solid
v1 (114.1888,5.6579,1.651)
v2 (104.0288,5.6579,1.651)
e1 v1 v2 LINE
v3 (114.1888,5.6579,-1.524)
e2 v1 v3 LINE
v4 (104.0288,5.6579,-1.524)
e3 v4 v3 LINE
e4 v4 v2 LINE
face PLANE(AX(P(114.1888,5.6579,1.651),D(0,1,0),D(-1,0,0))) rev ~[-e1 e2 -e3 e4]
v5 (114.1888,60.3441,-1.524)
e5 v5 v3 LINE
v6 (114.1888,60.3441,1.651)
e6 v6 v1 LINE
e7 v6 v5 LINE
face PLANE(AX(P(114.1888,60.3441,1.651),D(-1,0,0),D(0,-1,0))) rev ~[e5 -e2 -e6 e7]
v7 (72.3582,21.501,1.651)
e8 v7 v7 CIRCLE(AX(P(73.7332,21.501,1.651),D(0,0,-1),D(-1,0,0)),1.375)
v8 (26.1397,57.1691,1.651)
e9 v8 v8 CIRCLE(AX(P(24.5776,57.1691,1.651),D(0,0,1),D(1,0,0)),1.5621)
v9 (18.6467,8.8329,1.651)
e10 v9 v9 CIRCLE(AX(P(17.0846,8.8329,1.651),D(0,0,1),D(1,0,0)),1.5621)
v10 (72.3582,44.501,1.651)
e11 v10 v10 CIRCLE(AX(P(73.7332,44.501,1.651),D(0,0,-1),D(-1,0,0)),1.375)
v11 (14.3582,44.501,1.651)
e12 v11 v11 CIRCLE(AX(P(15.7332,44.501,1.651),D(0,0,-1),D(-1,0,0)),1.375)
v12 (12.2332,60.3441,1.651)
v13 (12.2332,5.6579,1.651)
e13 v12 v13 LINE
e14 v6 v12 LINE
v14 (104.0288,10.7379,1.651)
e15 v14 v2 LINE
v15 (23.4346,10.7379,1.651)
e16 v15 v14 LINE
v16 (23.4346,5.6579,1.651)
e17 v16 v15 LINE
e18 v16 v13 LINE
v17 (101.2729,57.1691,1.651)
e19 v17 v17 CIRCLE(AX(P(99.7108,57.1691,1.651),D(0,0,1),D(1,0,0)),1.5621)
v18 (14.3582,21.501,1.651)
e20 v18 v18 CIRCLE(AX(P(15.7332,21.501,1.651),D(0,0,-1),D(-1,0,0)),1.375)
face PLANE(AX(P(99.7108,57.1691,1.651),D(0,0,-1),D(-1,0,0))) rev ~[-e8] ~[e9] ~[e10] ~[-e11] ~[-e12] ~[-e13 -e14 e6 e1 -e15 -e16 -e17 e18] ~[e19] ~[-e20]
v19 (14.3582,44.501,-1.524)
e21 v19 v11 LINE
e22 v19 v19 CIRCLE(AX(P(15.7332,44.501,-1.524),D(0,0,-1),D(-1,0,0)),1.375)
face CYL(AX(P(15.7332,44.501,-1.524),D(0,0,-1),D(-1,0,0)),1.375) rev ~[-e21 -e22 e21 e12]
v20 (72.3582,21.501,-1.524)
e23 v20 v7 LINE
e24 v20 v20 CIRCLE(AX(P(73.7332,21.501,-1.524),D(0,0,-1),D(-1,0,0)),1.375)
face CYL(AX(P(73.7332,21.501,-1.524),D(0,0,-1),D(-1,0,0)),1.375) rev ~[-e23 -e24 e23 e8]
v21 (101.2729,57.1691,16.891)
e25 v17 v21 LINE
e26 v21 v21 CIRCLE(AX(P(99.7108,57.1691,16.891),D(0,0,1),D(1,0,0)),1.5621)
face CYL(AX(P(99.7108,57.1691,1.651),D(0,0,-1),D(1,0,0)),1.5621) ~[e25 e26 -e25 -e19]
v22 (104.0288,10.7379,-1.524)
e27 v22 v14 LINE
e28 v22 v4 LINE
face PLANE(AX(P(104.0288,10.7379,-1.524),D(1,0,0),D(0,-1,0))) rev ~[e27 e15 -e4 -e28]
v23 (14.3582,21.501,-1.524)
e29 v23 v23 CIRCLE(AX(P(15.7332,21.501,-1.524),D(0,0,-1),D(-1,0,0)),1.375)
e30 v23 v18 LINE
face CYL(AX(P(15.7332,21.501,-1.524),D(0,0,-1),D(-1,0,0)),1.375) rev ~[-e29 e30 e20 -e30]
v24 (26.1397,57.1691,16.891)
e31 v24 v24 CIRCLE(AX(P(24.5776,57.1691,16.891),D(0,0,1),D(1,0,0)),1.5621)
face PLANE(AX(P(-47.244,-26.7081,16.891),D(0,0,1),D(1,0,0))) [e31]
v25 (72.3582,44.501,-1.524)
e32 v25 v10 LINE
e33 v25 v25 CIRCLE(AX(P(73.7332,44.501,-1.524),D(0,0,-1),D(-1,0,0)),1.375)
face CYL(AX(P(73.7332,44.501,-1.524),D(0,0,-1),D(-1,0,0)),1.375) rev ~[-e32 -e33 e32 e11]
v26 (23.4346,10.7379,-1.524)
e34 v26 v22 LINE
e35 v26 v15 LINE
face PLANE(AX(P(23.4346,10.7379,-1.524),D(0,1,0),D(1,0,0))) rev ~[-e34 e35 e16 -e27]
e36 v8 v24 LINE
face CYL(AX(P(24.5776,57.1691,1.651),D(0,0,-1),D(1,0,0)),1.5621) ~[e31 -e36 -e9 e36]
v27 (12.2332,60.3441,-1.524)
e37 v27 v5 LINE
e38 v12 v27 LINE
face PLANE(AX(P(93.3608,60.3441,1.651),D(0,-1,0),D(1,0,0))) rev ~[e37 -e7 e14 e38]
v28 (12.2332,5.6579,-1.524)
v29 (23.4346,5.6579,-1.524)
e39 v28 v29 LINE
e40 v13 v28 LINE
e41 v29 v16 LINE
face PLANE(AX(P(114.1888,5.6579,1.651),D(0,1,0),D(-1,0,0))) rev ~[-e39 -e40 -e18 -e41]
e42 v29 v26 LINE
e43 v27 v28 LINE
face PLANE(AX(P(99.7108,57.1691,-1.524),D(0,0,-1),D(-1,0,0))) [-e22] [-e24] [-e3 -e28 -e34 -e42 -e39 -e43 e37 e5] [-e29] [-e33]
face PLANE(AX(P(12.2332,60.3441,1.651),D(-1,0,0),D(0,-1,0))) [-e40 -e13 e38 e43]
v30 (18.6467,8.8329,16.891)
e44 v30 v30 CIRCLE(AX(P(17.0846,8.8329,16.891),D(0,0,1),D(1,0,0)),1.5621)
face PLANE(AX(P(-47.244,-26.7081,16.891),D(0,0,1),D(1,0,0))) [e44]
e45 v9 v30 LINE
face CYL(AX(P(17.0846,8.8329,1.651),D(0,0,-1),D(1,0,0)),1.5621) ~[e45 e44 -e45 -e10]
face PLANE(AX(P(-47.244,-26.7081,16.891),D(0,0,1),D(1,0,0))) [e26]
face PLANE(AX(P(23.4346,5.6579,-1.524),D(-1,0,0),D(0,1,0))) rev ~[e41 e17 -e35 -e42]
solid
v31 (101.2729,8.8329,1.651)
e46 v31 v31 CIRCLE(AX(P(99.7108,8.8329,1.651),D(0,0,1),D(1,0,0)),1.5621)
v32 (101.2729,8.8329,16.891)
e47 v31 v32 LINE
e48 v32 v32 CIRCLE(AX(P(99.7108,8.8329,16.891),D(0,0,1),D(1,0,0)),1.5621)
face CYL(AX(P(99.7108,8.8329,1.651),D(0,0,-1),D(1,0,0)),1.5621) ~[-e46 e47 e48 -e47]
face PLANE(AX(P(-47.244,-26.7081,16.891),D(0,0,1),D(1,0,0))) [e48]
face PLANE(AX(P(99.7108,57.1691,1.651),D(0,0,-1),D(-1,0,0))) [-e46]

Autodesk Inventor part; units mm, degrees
ref_plane "Work Plane10" through (-47.244, -26.7081, 1.651) normal (0, 0, 1) x (1, 0, 0)
sketch "Sketch1" plane through (-47.244, -26.7081, 1.651) normal (0, 0, 1) x (1, 0, 0)
  circle A0 centre (1.2954, 2.54) radius 1.5621 projected
  circle A1 centre (8.7884, 50.8762) radius 1.5621 projected
  circle A2 centre (32.2961, 35.4347) radius 1.3153 projected
  circle A3 centre (32.2961, 7.4185) radius 1.5621 projected
  circle A4 centre (83.9216, 2.54) radius 1.5621 projected
  circle A5 centre (83.9216, 50.8762) radius 1.5621 projected
  line L0 (0, 0) -> (96.52, 0) projected
  line L1 (96.52, 53.4162) -> (0.7474, 53.4162) projected
  line L2 (-3.556, 38.1762) -> (-3.556, 3.556) projected
  line L3 (98.044, 1.524) -> (98.044, 51.8922) projected
  line L4 (98.044, 53.4162) -> (-3.556, 53.4162)
  line L5 (-3.556, 53.4162) -> (-3.556, 0)
  line L6 (-3.556, 0) -> (98.044, 0)
  line L7 (98.044, 0) -> (98.044, 53.4162)
  circle A6 centre (83.9216, 50.8762) radius 1.5621
  circle A7 centre (83.9216, 2.54) radius 1.5621
  circle A8 centre (32.2961, 7.4185) radius 1.5621
  circle A9 centre (32.2961, 35.4347) radius 1.3153
  circle A10 centre (8.7884, 50.8762) radius 1.5621
  circle A11 centre (1.2954, 2.54) radius 1.5621
  point P0 (47.244, 26.7081)
  dimension "d0" = 31.0007
  dimension "d1" = 48.3362
  dimension "d2" = 28.0162
  dimension "d3" = 53.4162
  dimension "d4" = 48.3362
  dimension "d5" = 101.6
  dimension "d6" = 3.1242
  dimension "d7" = 3.1242
  dimension "d8" = 3.1242
  dimension "d9" = 3.1242
  dimension "d10" = 3.1242
  dimension "d11" = 2.6305
  dimension "d12" = 2.54
  dimension "d13" = 12.3444
  dimension "d14" = 2.54
  dimension "d15" = 4.8514
  dimension "d16" = 2.54
  dimension "d17" = 14.1224
  dimension "d18" = 2.54
  dimension "d19" = 14.1224
  dimension "d67" = 101.6
  dimension "d68" = 53.4162
ref_plane "Work Plane2" through (-47.244, -26.7081, 1.651) normal (0, 0, 1) x (1, 0, 0)
sketch "Sketch2" plane through (-47.244, -26.7081, 1.651) normal (0, 0, 1) x (1, 0, 0)
  circle A0 centre (71.8216, 83.8772) radius 1.5621
  circle A1 centre (64.3286, 35.541) radius 1.5621
  circle A2 centre (146.9548, 35.541) radius 1.5621
  circle A3 centre (146.9548, 83.8772) radius 1.5621
  line L0 (115.9668, 75.089) -> (64.3286, 75.089) construction
  line L1 (115.9668, 33.001) -> (64.3286, 33.001) construction
  dimension "d98" = 3.1242
  dimension "d99" = 3.1242
  dimension "d100" = 3.1242
  dimension "d101" = 3.1242
  dimension "d102" = 82.6262
  dimension "d104" = 0
  dimension "d105" = 48.3362
  dimension "d130" = 2.54
  dimension "d131" = 2.54
  dimension "d132" = 75.1332
  dimension "d133" = 48.3362
ref_plane "Work Plane3" through (-14.9479, -19.2896, -20.574) normal (0, 0, -1) x (-1, 0, 0)
sketch "Sketch3" plane through (-14.9479, -19.2896, -20.574) normal (0, 0, -1) x (-1, 0, 0)
  line L0 (12.7, -3.175) -> (-48.4505, -3.175)
  line L1 (-48.4505, 31.1912) -> (12.7, 31.1912)
  line L2 (12.7, 31.1912) -> (12.7, -3.175)
  line L3 (-54.8005, 45.9977) -> (-48.4505, 45.9977)
  line L4 (-48.4505, 45.9977) -> (-48.4505, 31.1912)
  line L5 (-48.4505, -3.175) -> (-48.4505, -7.4185)
  line L6 (-48.4505, -7.4185) -> (-54.8005, -7.4185)
  circle A0 centre (0, 0) radius 1.5621 construction
  circle A1 centre (0, 28.0162) radius 1.3153 construction
  circle A2 centre (-51.6255, 43.4577) radius 1.5621 construction
  circle A3 centre (-51.6255, -4.8785) radius 1.5621 construction
  line L7 (-54.8005, -7.4185) -> (-54.8005, 45.9977)
  line L8 (-64.2239, 45.9977) -> (31.5487, 45.9977) projected
  line L9 (32.2961, -7.4185) -> (-64.2239, -7.4185) projected
  point P0 (-14.9479, 19.2896)
  point P1 (0, 14.0081)
  point P2 (-25.8127, 14.0081)
  dimension "d24" = 28.0162
  dimension "d25" = 14.0081
  dimension "d26" = 17.1831
  dimension "d29" = 51.6255
  dimension "d30" = 25.8128
  dimension "d36" = 3.175
  dimension "d37" = 3.175
  dimension "d38" = 3.175
  dimension "d39" = 0
  dimension "d40" = 0
  dimension "d41" = 3.175
  dimension "d48" = 12.7
extrude "Extrusion3" [suppressed]
ref_plane "Work Plane4" through (-47.244, -26.7081, 1.651) normal (0, 0, 1) x (1, 0, 0)
ref_plane "Work Plane8" through (57.15, 17.5006, -10.795) normal (0, 0, -1) x (-1, 0, 0)
ref_plane "Work Plane9" through (52.6288, -22.8981, 0) normal (1, 0, 0) x (0, 0, -1)
extrude "Extrusion12" add sketch "Sketch2" along normal blind 15.24
sketch "Sketch18" plane through (99.7108, 57.1691, 1.651) normal (0, 0, -1) x (-1, 0, 0)
  line L0 (6.35, 3.175) -> (-14.478, 3.175)
  line L1 (-14.478, 3.175) -> (-14.478, -51.5112)
  line L2 (-14.478, -51.5112) -> (6.35, -51.5112)
  line L3 (6.35, -51.5112) -> (6.35, 3.175)
  circle A0 centre (0, 0) radius 1.5621 construction
  circle A1 centre (0, -48.3362) radius 1.5621 construction
  line L4 (0, 0) -> (0, -48.3362) construction
  line L5 (6.35, 3.175) -> (87.4776, 3.175)
  line L6 (87.4776, 3.175) -> (87.4776, -51.5112)
  line L7 (87.4776, -51.5112) -> (6.35, -51.5112)
  line L8 (6.35, -51.5112) -> (6.35, 3.175)
  circle A2 centre (75.1332, 0) radius 1.5621 construction
  circle A3 centre (82.6262, -48.3362) radius 1.5621 projected
  line L9 (0, -48.3362) -> (82.6262, -48.3362) construction
  point P0 (99.7108, -57.1691)
  point P1 (0, -24.1681)
  point P2 (41.3131, -48.3362)
  dimension "d116" = 20.828
  dimension "d117" = 14.478
  dimension "d120" = 24.1681
  dimension "d121" = 48.3362
  dimension "d122" = 54.6862
  dimension "d123" = 27.3431
  dimension "d124" = 54.6862
  dimension "d126" = 0
  dimension "d127" = 101.9556
  dimension "d137" = 41.3131
  dimension "d138" = 82.6262
  dimension "d139" = 55.7911
  dimension "d140" = 4.8514
extrude "Extrusion13" add sketch "Sketch18" along normal blind 3.175 contours L3 L2 L1 L0 | L5 L6 L7 L3 | A3
sketch "Sketch19" plane through (99.7108, 57.1691, 16.891) normal (0, 0, 1) x (1, 0, 0)
  circle A0 centre (0, 0) radius 1.5621 projected
  circle A1 centre (0, -48.3362) radius 1.5621 projected
  circle A2 centre (-75.1332, 0) radius 1.5621 projected
  circle A3 centre (-82.6262, -48.3362) radius 1.5621 projected
  line L0 (14.478, -51.5112) -> (14.478, 3.175) projected
  point P0 (-99.7108, -57.1691)
  dimension "d134" = 82.6262
  dimension "d135" = 14.478
sketch "Sketch20" plane through (99.7108, 57.1691, -1.524) normal (0, 0, -1) x (-1, 0, 0)
  circle A0 centre (83.9776, -12.6681) radius 1.375
  circle A1 centre (83.9776, -35.6681) radius 1.375
  circle A2 centre (25.9776, -12.6681) radius 1.375
  circle A3 centre (25.9776, -35.6681) radius 1.375
  line L0 (-14.478, 3.175) -> (-14.478, -51.5112) projected
  line L1 (25.9776, -12.6681) -> (25.9776, -35.6681) construction
  line L2 (-14.478, -51.5112) -> (87.4776, -51.5112) projected
  line L3 (87.4776, -51.5112) -> (87.4776, 3.175) projected
  point P0 (99.7108, -57.1691)
  point P1 (25.9776, -24.1681)
  dimension "d141" = 2.75
  dimension "d142" = 2.75
  dimension "d143" = 2.75
  dimension "d144" = 2.75
  dimension "d145" = 23
  dimension "d146" = 23
  dimension "d147" = 58
  dimension "d149" = 11.5
  dimension "d150" = 54.6862
  dimension "d151" = 27.3431
  dimension "d152" = 0
  dimension "d155" = 3.5
  dimension "d156" = 3.5
extrude "Extrusion14" cut sketch "Sketch20" against normal through all
sketch "Sketch21" plane through (99.7108, 57.1691, -1.524) normal (0, 0, -1) x (-1, 0, 0)
  circle A0 centre (0, -48.3362) radius 1.5621 projected
  circle A1 centre (0, -48.3362) radius 1.5621 projected
  circle A2 centre (0, 0) radius 1.5621 projected
  circle A3 centre (0, 0) radius 1.5621 projected
  circle A4 centre (75.1332, 0) radius 1.5621 projected
  circle A5 centre (75.1332, 0) radius 1.5621 projected
  circle A6 centre (82.6262, -48.3362) radius 1.5621 projected
  circle A7 centre (82.6262, -48.3362) radius 1.5621 projected
  line L0 (-14.478, -51.5112) -> (87.4776, -51.5112) projected
  line L1 (-4.318, -51.5112) -> (76.2762, -51.5112)
  line L2 (76.2762, -51.5112) -> (76.2762, -46.4312)
  line L3 (76.2762, -46.4312) -> (-4.318, -46.4312)
  line L4 (-4.318, -46.4312) -> (-4.318, -51.5112)
  line L5 (-14.478, 3.175) -> (-14.478, -51.5112) projected
  point P0 (99.7108, -57.1691)
  dimension "d157" = 6.35
  dimension "d159" = 5.08
  dimension "d162" = 10.16
extrude "Extrusion15" cut sketch "Sketch21" against normal up to surface (3.175 mm away) contours A0 | L4 L3 L2 L0
equation "\"d25\" = 0.5 * d24"
equation "\"d26\" = 0.5 * d22"
equation "\"d30\" = 0.5 * d29"
equation "\"d37\" = d36"
equation "\"d38\" = d41"
equation "\"d99\" = d98"
equation "\"d100\" = d99"
equation "\"d101\" = d98"
equation "\"d120\" = 0.5 * d121"
equation "\"d123\" = 0.5 * d122"
equation "\"d124\" = d122"
equation "\"d137\" = 0.5 * d138"
equation "\"d142\" = d141"
equation "\"d143\" = d141"
equation "\"d144\" = d141"
equation "\"d149\" = 0.5 * d146"
equation "\"d151\" = 0.5 * d150"
equation "\"d74\" = d71"
equation "\"d71\" = 3.175"
equation "\"d22\" = 34.3662"
properties part number "Camera&Pi Holder" material "Aluminum 6061-AHC"
